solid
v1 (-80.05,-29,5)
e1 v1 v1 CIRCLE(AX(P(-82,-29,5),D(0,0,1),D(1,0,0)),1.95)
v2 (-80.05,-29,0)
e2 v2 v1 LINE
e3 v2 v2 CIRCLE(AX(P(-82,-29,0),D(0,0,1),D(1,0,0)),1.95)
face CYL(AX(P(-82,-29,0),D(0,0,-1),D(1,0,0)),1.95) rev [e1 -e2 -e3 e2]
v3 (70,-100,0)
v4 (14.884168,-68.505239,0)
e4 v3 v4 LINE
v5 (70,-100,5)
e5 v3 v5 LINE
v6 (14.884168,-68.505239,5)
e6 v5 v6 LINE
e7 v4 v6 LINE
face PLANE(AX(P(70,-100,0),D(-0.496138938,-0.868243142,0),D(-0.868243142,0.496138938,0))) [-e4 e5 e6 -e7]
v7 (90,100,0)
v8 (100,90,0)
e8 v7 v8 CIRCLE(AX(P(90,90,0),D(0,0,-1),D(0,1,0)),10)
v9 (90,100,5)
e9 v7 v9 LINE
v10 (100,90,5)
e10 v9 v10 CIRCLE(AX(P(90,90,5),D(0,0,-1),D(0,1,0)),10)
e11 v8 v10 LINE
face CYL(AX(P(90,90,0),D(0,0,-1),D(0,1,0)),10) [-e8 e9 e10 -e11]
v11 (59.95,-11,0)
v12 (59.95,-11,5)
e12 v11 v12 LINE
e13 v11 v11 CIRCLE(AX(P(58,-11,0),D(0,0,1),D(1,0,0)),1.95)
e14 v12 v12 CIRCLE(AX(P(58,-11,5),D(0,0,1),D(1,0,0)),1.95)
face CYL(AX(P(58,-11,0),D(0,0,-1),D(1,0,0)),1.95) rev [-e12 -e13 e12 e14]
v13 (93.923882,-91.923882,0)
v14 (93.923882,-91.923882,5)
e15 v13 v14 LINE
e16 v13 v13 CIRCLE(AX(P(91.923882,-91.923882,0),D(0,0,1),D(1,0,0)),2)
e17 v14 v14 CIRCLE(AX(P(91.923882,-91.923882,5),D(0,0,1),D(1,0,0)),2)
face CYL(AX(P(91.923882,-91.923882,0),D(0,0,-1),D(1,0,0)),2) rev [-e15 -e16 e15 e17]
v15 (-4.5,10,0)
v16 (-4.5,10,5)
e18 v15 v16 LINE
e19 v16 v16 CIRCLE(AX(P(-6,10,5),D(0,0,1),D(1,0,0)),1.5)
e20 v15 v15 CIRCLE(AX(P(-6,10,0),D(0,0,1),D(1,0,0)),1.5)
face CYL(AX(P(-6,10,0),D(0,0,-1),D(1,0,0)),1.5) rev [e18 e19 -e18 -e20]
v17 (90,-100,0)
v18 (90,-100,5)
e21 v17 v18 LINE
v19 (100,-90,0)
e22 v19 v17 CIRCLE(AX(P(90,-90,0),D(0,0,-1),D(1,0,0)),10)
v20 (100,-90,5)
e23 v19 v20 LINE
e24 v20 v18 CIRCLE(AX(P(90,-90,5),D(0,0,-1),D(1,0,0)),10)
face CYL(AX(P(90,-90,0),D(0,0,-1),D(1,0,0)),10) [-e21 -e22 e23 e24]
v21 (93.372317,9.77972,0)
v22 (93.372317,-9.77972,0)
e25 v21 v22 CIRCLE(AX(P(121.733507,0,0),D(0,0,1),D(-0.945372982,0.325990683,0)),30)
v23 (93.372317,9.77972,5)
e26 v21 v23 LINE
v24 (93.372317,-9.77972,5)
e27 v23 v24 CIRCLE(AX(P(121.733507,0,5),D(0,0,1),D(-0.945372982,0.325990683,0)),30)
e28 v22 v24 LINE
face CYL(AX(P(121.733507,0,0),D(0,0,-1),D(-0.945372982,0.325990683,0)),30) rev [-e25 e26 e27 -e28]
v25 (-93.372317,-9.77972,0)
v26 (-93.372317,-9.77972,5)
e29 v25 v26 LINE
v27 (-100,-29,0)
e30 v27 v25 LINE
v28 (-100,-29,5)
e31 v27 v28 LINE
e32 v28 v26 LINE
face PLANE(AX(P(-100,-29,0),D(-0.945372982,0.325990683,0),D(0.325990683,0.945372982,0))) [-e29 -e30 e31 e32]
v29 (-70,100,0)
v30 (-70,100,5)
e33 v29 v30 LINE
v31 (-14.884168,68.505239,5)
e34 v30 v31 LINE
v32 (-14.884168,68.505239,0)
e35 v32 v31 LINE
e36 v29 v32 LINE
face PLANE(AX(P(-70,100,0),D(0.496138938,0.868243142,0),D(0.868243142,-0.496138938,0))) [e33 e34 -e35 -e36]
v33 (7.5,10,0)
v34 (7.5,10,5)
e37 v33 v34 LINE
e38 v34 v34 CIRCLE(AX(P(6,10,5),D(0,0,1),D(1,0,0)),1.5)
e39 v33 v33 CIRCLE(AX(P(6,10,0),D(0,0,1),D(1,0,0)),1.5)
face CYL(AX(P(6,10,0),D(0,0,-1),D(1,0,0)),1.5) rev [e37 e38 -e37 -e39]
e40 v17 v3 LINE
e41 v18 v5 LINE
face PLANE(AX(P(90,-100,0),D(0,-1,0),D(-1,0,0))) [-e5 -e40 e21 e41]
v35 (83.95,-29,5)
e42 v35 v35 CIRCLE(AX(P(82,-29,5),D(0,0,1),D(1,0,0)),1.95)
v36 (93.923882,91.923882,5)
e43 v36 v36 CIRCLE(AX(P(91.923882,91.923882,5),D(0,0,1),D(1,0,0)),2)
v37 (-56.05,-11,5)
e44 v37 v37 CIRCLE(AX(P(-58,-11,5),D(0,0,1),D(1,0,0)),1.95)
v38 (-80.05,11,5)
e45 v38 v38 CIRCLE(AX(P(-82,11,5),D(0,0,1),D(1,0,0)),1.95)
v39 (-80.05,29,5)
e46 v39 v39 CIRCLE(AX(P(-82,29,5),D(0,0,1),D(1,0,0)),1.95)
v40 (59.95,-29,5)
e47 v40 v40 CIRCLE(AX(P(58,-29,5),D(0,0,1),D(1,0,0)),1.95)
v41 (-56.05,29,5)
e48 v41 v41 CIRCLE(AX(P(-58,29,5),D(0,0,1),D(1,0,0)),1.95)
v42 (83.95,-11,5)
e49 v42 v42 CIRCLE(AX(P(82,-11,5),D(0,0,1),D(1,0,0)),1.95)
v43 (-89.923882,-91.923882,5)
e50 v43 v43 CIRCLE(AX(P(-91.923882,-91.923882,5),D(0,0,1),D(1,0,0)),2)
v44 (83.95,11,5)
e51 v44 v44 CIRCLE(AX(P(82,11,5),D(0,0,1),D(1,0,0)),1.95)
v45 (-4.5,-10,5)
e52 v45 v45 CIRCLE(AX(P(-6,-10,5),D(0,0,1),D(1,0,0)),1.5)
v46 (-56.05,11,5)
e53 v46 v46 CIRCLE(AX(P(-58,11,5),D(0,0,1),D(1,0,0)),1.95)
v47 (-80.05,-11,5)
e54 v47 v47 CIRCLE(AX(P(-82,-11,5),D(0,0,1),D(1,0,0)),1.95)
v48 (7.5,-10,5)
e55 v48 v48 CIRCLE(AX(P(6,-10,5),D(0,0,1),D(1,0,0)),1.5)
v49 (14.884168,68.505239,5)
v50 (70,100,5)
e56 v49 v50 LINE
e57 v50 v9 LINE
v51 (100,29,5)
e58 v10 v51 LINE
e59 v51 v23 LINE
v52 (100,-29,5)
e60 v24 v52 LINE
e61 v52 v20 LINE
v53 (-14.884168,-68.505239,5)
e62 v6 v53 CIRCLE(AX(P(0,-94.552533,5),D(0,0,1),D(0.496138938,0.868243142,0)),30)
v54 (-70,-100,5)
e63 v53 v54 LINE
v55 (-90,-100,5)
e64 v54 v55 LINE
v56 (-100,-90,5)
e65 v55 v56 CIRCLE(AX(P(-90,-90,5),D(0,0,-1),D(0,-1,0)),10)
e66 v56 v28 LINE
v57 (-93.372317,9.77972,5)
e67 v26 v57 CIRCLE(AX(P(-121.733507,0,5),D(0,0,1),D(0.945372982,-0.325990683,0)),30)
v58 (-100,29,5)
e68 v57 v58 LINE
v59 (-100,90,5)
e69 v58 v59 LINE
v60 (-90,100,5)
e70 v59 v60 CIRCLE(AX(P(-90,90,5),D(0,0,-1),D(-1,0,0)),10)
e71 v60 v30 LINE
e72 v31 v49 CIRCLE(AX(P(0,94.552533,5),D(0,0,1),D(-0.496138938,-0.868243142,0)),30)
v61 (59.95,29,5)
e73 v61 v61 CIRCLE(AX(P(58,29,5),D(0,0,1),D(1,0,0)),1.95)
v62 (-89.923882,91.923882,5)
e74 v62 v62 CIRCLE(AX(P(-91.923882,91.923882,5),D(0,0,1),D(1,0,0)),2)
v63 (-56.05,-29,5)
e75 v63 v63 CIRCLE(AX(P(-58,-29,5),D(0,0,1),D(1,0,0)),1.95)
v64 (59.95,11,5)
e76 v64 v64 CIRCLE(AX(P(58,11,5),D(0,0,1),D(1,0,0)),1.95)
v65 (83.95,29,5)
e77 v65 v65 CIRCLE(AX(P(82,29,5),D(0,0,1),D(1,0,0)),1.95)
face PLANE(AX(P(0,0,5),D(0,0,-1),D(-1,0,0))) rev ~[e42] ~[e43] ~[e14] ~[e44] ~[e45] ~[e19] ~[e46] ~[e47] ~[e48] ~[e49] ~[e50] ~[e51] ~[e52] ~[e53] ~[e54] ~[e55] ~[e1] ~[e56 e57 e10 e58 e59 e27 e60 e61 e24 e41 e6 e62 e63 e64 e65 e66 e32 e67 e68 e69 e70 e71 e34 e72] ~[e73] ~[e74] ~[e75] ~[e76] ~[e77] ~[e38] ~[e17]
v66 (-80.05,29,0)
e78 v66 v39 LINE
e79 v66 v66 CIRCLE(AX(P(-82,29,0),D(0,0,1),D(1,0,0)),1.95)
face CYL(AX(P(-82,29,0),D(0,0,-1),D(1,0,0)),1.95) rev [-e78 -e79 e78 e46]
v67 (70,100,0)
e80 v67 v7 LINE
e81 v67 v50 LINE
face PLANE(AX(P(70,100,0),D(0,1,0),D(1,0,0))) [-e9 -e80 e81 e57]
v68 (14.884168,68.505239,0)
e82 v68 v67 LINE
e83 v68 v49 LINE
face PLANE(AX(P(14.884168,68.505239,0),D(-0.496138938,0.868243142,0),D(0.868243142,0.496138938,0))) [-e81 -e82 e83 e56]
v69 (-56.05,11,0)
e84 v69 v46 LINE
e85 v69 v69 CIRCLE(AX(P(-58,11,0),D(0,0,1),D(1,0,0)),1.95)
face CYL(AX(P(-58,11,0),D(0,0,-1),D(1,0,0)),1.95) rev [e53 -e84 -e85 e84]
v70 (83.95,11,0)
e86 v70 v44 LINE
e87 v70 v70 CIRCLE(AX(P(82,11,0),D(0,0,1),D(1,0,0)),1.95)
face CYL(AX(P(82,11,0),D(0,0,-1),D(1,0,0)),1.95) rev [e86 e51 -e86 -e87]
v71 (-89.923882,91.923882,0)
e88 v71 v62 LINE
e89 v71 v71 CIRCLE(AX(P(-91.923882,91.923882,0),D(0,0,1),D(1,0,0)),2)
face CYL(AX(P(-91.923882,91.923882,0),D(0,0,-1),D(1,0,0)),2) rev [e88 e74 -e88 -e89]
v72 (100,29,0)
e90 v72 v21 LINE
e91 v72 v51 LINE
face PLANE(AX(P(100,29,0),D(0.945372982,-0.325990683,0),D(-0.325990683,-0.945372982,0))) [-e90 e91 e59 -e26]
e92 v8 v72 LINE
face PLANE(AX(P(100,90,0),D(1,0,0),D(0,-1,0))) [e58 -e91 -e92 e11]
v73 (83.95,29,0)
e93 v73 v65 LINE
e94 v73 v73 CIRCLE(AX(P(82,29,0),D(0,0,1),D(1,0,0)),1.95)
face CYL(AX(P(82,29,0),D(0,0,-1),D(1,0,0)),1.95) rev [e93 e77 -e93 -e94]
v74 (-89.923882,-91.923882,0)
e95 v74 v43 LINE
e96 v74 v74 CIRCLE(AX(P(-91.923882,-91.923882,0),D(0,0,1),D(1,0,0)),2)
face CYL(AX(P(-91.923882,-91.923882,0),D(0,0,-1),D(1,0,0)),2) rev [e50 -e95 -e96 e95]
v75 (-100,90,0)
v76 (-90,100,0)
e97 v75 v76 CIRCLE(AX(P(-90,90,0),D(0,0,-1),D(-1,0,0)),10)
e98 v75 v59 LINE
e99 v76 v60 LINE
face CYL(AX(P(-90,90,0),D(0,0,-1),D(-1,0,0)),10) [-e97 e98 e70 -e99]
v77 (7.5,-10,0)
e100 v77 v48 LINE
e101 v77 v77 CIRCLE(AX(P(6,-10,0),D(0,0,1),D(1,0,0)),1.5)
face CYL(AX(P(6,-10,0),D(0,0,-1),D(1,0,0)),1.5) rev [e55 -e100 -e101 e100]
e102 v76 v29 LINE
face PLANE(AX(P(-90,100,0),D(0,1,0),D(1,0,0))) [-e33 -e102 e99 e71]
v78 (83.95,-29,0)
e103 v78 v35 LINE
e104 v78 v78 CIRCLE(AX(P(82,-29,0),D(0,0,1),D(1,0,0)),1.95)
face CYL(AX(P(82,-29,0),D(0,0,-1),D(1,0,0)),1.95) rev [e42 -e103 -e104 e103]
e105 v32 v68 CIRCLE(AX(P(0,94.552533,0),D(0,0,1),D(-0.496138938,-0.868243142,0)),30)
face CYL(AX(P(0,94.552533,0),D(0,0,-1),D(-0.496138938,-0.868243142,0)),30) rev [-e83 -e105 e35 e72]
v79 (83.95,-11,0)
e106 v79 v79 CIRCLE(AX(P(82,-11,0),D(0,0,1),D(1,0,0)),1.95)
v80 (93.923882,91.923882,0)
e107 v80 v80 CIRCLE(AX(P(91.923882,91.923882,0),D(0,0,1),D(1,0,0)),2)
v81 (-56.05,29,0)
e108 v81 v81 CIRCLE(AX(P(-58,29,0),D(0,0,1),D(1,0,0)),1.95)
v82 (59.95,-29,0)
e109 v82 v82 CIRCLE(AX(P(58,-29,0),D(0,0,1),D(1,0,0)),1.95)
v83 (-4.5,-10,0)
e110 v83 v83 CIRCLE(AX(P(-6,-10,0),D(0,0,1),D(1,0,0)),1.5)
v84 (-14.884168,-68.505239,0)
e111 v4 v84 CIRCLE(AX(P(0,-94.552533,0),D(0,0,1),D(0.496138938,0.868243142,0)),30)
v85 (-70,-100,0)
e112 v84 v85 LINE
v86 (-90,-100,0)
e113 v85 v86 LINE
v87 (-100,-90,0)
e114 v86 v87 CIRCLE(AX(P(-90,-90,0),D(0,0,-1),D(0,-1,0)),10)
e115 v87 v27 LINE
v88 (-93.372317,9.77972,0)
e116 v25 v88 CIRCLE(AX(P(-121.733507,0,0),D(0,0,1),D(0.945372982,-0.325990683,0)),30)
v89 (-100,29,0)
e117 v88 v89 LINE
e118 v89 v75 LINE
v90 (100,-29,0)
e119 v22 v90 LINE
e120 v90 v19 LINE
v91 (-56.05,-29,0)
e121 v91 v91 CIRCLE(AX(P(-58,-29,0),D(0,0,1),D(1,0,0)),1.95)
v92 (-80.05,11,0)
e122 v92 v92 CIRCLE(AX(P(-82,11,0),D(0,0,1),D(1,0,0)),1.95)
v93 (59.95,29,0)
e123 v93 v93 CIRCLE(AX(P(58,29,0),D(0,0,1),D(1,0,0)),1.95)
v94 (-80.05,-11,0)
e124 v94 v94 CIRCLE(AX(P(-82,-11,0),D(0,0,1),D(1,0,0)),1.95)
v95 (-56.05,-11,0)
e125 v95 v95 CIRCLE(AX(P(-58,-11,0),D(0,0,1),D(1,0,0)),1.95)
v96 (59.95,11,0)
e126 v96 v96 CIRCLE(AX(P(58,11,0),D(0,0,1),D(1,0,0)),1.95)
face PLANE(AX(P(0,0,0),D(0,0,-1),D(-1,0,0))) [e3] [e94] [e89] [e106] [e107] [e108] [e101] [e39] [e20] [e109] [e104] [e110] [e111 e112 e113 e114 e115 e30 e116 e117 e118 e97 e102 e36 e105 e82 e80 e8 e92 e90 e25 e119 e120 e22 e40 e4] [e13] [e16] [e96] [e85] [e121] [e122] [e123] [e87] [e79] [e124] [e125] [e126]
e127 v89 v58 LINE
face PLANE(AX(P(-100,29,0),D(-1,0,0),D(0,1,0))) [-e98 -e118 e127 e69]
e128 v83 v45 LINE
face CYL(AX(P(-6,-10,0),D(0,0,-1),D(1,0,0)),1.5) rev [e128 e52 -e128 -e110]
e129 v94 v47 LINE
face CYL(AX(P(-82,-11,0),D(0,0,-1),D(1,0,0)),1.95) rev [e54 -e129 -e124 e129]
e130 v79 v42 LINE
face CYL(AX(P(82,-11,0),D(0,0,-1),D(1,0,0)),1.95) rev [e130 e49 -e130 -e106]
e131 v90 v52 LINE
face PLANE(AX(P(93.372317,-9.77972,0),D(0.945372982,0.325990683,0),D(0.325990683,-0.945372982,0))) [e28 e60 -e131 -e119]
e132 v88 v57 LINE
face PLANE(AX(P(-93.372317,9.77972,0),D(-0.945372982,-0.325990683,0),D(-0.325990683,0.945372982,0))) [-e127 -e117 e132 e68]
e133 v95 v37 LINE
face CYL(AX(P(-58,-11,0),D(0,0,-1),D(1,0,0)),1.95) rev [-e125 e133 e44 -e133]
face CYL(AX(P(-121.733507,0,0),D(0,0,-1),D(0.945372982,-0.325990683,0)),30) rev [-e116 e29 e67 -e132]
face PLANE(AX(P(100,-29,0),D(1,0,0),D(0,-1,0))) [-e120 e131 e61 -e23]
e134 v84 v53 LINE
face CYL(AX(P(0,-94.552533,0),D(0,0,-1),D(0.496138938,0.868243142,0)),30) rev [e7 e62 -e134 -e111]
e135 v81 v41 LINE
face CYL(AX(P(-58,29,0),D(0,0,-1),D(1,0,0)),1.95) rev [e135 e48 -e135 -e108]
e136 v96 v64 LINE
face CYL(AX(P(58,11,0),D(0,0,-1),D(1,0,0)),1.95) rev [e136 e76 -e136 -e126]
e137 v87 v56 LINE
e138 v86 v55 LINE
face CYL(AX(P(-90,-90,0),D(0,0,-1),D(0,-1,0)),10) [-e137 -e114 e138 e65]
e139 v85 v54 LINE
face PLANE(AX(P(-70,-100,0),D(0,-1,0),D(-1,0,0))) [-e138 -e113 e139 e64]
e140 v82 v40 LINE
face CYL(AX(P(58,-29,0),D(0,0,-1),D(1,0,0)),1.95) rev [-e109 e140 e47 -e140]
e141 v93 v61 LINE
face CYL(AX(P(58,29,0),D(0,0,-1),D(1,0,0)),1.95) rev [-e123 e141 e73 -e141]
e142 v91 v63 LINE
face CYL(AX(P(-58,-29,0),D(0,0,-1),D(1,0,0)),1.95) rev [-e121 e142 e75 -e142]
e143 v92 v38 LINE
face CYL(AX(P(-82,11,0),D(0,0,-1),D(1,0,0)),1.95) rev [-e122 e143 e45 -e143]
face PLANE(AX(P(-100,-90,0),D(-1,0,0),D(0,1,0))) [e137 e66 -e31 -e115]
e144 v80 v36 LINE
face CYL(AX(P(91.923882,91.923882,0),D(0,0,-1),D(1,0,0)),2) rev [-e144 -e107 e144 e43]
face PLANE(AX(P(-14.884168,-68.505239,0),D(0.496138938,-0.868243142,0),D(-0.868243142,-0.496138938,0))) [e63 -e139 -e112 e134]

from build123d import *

# Parameters (mm, degrees)
SKETCH1_R           = 2
SKETCH1_R_2         = 1.95
SKETCH1_R_3         = 1.5
BOSS_EXTRUDE1_DEPTH = 5


with BuildPart() as part:
    # Sketch1 → Boss-Extrude1 (new body)
    with BuildSketch(Plane.XY):
        with BuildLine():
            Line((-90, 100), (-70, 100))
            Line((-70, 100), (-14.884168151, 68.505238943))
            ThreePointArc((-14.884168151, 68.505238943), (0, 64.552533207), (14.884168151, 68.505238943))
            Line((14.884168151, 68.505238943), (70, 100))
            Line((70, 100), (90, 100))
            ThreePointArc((90, 100), (97.071067812, 97.071067812), (100, 90))
            Line((100, 90), (100, 29))
            Line((100, 29), (93.372317414, 9.7797205))
            ThreePointArc((93.372317414, 9.7797205), (91.733506862, 0), (93.372317414, -9.7797205))
            Line((93.372317414, -9.7797205), (100, -29))
            Line((100, -29), (100, -90))
            ThreePointArc((100, -90), (97.071067812, -97.071067812), (90, -100))
            Line((90, -100), (70, -100))
            Line((70, -100), (14.884168151, -68.505238943))
            ThreePointArc((14.884168151, -68.505238943), (0, -64.552533207), (-14.884168151, -68.505238943))
            Line((-14.884168151, -68.505238943), (-70, -100))
            Line((-70, -100), (-90, -100))
            ThreePointArc((-90, -100), (-97.071067812, -97.071067812), (-100, -90))
            Line((-100, -90), (-100, -29))
            Line((-100, -29), (-93.372317414, -9.7797205))
            ThreePointArc((-93.372317414, -9.7797205), (-91.733506862, 0), (-93.372317414, 9.7797205))
            Line((-93.372317414, 9.7797205), (-100, 29))
            Line((-100, 29), (-100, 90))
            ThreePointArc((-100, 90), (-97.071067812, 97.071067812), (-90, 100))
        make_face()
        with Locations((-91.923881554, 91.923881554)):
            Circle(SKETCH1_R, mode=Mode.SUBTRACT)
        with Locations((91.923881554, 91.923881554)):
            Circle(SKETCH1_R, mode=Mode.SUBTRACT)
        with Locations((91.923881554, -91.923881554)):
            Circle(SKETCH1_R, mode=Mode.SUBTRACT)
        with Locations((-91.923881554, -91.923881554)):
            Circle(SKETCH1_R, mode=Mode.SUBTRACT)
        with Locations((58, 29)):
            Circle(SKETCH1_R_2, mode=Mode.SUBTRACT)
        with Locations((82, 29)):
            Circle(SKETCH1_R_2, mode=Mode.SUBTRACT)
        with Locations((58, 11)):
            Circle(SKETCH1_R_2, mode=Mode.SUBTRACT)
        with Locations((82, 11)):
            Circle(SKETCH1_R_2, mode=Mode.SUBTRACT)
        with Locations((58, -11)):
            Circle(SKETCH1_R_2, mode=Mode.SUBTRACT)
        with Locations((58, -29)):
            Circle(SKETCH1_R_2, mode=Mode.SUBTRACT)
        with Locations((82, -11)):
            Circle(SKETCH1_R_2, mode=Mode.SUBTRACT)
        with Locations((82, -29)):
            Circle(SKETCH1_R_2, mode=Mode.SUBTRACT)
        with Locations((-82, 29)):
            Circle(SKETCH1_R_2, mode=Mode.SUBTRACT)
        with Locations((-58, 29)):
            Circle(SKETCH1_R_2, mode=Mode.SUBTRACT)
        with Locations((-82, 11)):
            Circle(SKETCH1_R_2, mode=Mode.SUBTRACT)
        with Locations((-58, 11)):
            Circle(SKETCH1_R_2, mode=Mode.SUBTRACT)
        with Locations((-82, -11)):
            Circle(SKETCH1_R_2, mode=Mode.SUBTRACT)
        with Locations((-82, -29)):
            Circle(SKETCH1_R_2, mode=Mode.SUBTRACT)
        with Locations((-58, -11)):
            Circle(SKETCH1_R_2, mode=Mode.SUBTRACT)
        with Locations((-58, -29)):
            Circle(SKETCH1_R_2, mode=Mode.SUBTRACT)
        with Locations((-6, 10)):
            Circle(SKETCH1_R_3, mode=Mode.SUBTRACT)
        with Locations((6, 10)):
            Circle(SKETCH1_R_3, mode=Mode.SUBTRACT)
        with Locations((-6, -10)):
            Circle(SKETCH1_R_3, mode=Mode.SUBTRACT)
        with Locations((6, -10)):
            Circle(SKETCH1_R_3, mode=Mode.SUBTRACT)
    extrude(amount=BOSS_EXTRUDE1_DEPTH)


solid = part.part
